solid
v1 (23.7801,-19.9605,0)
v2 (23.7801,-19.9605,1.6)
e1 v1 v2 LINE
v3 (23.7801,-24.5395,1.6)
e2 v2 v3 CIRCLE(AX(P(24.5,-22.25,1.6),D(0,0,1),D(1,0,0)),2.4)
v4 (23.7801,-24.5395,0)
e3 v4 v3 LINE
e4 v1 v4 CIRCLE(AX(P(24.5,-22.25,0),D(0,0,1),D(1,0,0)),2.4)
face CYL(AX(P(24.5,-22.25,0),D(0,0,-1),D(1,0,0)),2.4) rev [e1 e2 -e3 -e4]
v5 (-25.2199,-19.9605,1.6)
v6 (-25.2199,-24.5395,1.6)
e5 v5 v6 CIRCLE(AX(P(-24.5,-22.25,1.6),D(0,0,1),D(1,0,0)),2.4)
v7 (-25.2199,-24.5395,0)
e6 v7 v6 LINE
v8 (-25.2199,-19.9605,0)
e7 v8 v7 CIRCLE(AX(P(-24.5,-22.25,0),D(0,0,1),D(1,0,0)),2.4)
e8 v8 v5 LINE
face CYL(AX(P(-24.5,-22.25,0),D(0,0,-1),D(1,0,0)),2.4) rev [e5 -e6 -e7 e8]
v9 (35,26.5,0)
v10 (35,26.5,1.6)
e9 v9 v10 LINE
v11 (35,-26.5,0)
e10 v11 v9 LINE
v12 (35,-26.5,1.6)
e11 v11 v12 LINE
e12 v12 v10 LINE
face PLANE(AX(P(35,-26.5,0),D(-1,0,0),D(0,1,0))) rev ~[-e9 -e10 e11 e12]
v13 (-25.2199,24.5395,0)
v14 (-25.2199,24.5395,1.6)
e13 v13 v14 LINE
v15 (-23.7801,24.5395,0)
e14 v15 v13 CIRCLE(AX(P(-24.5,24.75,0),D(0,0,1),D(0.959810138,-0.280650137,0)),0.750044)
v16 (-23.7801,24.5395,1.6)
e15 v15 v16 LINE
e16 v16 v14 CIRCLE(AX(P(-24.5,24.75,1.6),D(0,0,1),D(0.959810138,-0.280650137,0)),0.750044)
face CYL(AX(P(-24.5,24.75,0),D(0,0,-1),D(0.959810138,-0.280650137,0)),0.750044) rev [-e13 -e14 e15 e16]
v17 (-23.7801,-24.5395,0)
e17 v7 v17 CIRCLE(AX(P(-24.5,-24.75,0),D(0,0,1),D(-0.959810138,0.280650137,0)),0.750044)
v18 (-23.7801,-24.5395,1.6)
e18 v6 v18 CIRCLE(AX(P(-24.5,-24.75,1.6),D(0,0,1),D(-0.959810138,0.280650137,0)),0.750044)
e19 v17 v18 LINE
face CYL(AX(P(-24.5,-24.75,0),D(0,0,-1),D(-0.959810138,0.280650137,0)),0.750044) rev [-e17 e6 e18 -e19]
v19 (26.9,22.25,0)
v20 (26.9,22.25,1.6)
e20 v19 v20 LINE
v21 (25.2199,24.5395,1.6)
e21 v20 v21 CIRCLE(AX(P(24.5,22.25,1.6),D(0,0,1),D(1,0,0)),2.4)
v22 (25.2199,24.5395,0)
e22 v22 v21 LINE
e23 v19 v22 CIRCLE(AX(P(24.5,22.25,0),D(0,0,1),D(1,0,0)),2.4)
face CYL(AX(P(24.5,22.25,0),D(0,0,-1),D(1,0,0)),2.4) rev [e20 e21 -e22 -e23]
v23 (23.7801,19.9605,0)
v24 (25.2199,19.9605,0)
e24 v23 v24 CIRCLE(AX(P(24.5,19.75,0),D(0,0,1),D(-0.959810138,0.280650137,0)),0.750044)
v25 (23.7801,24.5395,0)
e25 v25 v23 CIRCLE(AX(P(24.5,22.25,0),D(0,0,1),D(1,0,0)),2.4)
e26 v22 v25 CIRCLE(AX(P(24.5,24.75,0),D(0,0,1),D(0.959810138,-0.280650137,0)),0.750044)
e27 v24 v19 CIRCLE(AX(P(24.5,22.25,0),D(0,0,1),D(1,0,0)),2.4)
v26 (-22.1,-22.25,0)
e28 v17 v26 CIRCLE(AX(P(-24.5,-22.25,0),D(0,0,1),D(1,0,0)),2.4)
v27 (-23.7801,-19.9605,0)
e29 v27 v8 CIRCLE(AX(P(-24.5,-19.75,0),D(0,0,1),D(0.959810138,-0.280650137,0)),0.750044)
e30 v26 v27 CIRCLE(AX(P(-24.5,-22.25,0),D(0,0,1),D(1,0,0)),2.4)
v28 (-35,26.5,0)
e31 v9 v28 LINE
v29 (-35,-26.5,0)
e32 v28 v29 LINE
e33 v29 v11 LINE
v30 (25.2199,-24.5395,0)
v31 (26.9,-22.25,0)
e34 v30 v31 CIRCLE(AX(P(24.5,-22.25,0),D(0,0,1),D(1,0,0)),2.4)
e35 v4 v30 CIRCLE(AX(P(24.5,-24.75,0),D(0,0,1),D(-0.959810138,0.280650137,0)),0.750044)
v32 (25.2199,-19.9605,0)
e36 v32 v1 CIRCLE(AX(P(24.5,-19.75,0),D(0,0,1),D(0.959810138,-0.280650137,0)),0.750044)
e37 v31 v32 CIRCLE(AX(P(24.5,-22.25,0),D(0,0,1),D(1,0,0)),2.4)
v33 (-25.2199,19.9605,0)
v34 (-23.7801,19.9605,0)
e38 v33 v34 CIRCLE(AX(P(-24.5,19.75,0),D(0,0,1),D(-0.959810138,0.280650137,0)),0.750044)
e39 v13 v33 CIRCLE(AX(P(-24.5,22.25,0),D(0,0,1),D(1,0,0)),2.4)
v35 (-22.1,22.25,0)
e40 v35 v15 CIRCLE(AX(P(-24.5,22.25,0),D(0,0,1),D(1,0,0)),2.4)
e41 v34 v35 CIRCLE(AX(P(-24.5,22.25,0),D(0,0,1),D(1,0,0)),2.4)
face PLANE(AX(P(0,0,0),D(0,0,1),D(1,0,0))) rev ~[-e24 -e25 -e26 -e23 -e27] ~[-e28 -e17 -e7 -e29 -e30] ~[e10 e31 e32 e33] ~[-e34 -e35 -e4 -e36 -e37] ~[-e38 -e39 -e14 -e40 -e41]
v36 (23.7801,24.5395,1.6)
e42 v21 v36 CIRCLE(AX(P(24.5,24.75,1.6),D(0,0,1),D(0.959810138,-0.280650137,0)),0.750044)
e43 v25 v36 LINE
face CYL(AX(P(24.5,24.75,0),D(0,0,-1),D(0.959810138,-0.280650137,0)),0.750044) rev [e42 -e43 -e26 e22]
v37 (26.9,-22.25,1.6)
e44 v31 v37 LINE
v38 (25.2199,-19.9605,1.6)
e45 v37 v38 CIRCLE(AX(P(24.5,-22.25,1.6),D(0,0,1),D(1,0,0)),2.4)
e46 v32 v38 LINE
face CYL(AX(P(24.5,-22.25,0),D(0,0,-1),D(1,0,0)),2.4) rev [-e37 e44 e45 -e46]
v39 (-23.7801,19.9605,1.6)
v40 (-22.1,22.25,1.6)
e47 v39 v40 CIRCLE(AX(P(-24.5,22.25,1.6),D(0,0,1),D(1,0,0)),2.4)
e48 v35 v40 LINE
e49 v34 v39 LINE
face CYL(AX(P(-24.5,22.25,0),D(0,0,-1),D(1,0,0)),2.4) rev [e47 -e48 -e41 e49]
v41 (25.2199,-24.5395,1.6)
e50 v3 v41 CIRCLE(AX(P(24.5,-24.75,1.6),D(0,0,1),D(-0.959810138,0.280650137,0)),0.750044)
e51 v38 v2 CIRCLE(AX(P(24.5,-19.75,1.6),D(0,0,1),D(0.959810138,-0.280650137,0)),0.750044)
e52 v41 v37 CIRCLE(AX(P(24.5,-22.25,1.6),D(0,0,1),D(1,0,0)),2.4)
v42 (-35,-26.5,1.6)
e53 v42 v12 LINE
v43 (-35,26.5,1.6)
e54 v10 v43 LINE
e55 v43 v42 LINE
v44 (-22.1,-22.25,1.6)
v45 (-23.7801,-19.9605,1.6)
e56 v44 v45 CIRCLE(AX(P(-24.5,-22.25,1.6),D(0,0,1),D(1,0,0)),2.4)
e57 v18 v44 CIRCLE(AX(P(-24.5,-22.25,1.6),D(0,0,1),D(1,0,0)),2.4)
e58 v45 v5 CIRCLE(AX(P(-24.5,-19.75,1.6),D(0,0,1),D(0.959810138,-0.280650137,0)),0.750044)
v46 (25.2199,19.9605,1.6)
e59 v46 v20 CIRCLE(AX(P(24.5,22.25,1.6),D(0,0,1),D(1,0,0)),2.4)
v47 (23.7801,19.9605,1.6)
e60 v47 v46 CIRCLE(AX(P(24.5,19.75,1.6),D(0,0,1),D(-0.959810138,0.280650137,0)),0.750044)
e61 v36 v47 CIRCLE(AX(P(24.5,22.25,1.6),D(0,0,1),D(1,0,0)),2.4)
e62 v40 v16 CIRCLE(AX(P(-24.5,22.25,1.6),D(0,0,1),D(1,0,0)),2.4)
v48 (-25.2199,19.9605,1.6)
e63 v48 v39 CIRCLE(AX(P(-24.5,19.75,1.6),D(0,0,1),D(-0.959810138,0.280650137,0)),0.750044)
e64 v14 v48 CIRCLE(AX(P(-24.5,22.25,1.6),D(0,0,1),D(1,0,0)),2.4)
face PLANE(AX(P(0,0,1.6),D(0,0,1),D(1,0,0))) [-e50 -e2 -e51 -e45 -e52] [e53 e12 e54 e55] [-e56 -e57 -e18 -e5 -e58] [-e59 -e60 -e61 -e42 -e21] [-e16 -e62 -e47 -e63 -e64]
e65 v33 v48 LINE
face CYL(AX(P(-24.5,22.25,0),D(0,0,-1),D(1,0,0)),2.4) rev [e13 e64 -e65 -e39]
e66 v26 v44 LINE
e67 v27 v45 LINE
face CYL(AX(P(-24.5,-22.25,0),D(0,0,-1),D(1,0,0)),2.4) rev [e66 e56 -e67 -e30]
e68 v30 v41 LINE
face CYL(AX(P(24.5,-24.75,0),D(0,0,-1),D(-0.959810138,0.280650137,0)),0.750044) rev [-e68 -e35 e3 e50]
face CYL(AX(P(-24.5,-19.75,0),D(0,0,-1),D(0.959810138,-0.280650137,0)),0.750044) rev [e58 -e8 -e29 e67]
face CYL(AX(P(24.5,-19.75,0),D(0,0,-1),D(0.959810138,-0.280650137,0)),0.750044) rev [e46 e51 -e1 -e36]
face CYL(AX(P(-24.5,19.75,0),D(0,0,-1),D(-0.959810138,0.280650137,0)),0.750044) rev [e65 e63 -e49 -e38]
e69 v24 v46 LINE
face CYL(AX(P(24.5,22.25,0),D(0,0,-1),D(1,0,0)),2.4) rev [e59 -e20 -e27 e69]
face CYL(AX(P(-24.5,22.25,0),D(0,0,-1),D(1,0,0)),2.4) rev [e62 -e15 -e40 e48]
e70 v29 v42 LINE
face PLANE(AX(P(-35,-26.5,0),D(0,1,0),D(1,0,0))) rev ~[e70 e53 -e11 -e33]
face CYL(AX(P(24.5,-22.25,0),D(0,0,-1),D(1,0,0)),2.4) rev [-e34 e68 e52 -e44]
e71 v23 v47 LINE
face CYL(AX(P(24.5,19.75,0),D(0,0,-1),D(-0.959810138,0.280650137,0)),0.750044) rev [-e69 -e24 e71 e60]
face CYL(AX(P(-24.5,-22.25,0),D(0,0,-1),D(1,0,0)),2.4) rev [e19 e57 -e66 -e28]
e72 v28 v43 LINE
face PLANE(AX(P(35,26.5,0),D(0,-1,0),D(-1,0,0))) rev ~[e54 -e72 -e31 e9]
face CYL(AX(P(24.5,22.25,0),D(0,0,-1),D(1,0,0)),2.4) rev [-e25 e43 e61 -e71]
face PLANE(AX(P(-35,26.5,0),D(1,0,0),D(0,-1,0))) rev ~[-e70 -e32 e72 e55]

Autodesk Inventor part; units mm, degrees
ref_plane "YZ Plane" through (0, 0, 0) normal (1, 0, 0) x (0, 1, 0)
ref_plane "XZ Plane" through (0, 0, 0) normal (0, 1, 0) x (-1, 0, 0)
ref_plane "XY Plane" through (0, 0, 0) normal (0, 0, 1) x (1, 0, 0)
sketch "Sketch1" plane through (0, 0, 0) normal (0, 0, 1) x (1, 0, 0)
  line L0 (-35, -26.5) -> (35, -26.5)
  line L1 (35, -26.5) -> (35, 26.5)
  line L2 (35, 26.5) -> (-35, 26.5)
  line L3 (-35, 26.5) -> (-35, -26.5)
  line L4 (-35, -26.5) -> (35, 26.5) construction
  line L5 (35, -26.5) -> (-35, 26.5) construction
  line L6 (-24.5, -22.25) -> (24.5, -22.25) construction
  line L7 (24.5, -22.25) -> (24.5, 22.25) construction
  line L8 (24.5, 22.25) -> (-24.5, 22.25) construction
  line L9 (-24.5, 22.25) -> (-24.5, -22.25) construction
  line L10 (-24.5, -22.25) -> (24.5, 22.25) construction
  line L11 (24.5, -22.25) -> (-24.5, 22.25) construction
  circle A0 centre (24.5, -22.25) radius 2.4
  arc A1 (23.7801, -24.5395) -> (25.2199, -24.5395) centre (24.5, -24.75) ccw
  arc A2 (25.2199, -19.9605) -> (23.7801, -19.9605) centre (24.5, -19.75) ccw
  line L12 (0, -26.5) -> (0, 26.5) construction
  line L13 (-35, 0) -> (35, 0) construction
  circle A3 centre (-24.5, -22.25) radius 2.4
  arc A4 (-25.2199, -24.5395) -> (-23.7801, -24.5395) centre (-24.5, -24.75) ccw
  arc A5 (-23.7801, -19.9605) -> (-25.2199, -19.9605) centre (-24.5, -19.75) ccw
  circle A6 centre (24.5, 22.25) radius 2.4
  arc A7 (25.2199, 24.5395) -> (23.7801, 24.5395) centre (24.5, 24.75) ccw
  arc A8 (23.7801, 19.9605) -> (25.2199, 19.9605) centre (24.5, 19.75) ccw
  arc A9 (-23.7801, 24.5395) -> (-25.2199, 24.5395) centre (-24.5, 24.75) ccw
  circle A10 centre (-24.5, 22.25) radius 2.4
  arc A11 (-25.2199, 19.9605) -> (-23.7801, 19.9605) centre (-24.5, 19.75) ccw
  point P0 (0, 0)
  point P1 (24.5, -19)
  point P2 (24.5, -25.5)
  point P3 (25.2199, 19.9605)
  point P4 (23.7801, 19.9605)
  point P5 (-25.2199, -19.9605)
  point P6 (-23.7801, -19.9605)
  point P7 (23.7801, -19.9605)
  point P8 (25.2199, -19.9605)
  point P9 (-23.7801, 19.9605)
  point P10 (-25.2199, 19.9605)
  dimension "d32" = 70
  dimension "d33" = 53
  dimension "d34" = 4.8
  dimension "d35" = 6.5
  dimension "d36" = 1.5
  dimension "d38" = 8.5
  dimension "d41" = 49
extrude "Extrusion1" add sketch "Sketch1" along normal blind 1.6
properties part number "SUSTAINA-AUDIO-BOARD"
